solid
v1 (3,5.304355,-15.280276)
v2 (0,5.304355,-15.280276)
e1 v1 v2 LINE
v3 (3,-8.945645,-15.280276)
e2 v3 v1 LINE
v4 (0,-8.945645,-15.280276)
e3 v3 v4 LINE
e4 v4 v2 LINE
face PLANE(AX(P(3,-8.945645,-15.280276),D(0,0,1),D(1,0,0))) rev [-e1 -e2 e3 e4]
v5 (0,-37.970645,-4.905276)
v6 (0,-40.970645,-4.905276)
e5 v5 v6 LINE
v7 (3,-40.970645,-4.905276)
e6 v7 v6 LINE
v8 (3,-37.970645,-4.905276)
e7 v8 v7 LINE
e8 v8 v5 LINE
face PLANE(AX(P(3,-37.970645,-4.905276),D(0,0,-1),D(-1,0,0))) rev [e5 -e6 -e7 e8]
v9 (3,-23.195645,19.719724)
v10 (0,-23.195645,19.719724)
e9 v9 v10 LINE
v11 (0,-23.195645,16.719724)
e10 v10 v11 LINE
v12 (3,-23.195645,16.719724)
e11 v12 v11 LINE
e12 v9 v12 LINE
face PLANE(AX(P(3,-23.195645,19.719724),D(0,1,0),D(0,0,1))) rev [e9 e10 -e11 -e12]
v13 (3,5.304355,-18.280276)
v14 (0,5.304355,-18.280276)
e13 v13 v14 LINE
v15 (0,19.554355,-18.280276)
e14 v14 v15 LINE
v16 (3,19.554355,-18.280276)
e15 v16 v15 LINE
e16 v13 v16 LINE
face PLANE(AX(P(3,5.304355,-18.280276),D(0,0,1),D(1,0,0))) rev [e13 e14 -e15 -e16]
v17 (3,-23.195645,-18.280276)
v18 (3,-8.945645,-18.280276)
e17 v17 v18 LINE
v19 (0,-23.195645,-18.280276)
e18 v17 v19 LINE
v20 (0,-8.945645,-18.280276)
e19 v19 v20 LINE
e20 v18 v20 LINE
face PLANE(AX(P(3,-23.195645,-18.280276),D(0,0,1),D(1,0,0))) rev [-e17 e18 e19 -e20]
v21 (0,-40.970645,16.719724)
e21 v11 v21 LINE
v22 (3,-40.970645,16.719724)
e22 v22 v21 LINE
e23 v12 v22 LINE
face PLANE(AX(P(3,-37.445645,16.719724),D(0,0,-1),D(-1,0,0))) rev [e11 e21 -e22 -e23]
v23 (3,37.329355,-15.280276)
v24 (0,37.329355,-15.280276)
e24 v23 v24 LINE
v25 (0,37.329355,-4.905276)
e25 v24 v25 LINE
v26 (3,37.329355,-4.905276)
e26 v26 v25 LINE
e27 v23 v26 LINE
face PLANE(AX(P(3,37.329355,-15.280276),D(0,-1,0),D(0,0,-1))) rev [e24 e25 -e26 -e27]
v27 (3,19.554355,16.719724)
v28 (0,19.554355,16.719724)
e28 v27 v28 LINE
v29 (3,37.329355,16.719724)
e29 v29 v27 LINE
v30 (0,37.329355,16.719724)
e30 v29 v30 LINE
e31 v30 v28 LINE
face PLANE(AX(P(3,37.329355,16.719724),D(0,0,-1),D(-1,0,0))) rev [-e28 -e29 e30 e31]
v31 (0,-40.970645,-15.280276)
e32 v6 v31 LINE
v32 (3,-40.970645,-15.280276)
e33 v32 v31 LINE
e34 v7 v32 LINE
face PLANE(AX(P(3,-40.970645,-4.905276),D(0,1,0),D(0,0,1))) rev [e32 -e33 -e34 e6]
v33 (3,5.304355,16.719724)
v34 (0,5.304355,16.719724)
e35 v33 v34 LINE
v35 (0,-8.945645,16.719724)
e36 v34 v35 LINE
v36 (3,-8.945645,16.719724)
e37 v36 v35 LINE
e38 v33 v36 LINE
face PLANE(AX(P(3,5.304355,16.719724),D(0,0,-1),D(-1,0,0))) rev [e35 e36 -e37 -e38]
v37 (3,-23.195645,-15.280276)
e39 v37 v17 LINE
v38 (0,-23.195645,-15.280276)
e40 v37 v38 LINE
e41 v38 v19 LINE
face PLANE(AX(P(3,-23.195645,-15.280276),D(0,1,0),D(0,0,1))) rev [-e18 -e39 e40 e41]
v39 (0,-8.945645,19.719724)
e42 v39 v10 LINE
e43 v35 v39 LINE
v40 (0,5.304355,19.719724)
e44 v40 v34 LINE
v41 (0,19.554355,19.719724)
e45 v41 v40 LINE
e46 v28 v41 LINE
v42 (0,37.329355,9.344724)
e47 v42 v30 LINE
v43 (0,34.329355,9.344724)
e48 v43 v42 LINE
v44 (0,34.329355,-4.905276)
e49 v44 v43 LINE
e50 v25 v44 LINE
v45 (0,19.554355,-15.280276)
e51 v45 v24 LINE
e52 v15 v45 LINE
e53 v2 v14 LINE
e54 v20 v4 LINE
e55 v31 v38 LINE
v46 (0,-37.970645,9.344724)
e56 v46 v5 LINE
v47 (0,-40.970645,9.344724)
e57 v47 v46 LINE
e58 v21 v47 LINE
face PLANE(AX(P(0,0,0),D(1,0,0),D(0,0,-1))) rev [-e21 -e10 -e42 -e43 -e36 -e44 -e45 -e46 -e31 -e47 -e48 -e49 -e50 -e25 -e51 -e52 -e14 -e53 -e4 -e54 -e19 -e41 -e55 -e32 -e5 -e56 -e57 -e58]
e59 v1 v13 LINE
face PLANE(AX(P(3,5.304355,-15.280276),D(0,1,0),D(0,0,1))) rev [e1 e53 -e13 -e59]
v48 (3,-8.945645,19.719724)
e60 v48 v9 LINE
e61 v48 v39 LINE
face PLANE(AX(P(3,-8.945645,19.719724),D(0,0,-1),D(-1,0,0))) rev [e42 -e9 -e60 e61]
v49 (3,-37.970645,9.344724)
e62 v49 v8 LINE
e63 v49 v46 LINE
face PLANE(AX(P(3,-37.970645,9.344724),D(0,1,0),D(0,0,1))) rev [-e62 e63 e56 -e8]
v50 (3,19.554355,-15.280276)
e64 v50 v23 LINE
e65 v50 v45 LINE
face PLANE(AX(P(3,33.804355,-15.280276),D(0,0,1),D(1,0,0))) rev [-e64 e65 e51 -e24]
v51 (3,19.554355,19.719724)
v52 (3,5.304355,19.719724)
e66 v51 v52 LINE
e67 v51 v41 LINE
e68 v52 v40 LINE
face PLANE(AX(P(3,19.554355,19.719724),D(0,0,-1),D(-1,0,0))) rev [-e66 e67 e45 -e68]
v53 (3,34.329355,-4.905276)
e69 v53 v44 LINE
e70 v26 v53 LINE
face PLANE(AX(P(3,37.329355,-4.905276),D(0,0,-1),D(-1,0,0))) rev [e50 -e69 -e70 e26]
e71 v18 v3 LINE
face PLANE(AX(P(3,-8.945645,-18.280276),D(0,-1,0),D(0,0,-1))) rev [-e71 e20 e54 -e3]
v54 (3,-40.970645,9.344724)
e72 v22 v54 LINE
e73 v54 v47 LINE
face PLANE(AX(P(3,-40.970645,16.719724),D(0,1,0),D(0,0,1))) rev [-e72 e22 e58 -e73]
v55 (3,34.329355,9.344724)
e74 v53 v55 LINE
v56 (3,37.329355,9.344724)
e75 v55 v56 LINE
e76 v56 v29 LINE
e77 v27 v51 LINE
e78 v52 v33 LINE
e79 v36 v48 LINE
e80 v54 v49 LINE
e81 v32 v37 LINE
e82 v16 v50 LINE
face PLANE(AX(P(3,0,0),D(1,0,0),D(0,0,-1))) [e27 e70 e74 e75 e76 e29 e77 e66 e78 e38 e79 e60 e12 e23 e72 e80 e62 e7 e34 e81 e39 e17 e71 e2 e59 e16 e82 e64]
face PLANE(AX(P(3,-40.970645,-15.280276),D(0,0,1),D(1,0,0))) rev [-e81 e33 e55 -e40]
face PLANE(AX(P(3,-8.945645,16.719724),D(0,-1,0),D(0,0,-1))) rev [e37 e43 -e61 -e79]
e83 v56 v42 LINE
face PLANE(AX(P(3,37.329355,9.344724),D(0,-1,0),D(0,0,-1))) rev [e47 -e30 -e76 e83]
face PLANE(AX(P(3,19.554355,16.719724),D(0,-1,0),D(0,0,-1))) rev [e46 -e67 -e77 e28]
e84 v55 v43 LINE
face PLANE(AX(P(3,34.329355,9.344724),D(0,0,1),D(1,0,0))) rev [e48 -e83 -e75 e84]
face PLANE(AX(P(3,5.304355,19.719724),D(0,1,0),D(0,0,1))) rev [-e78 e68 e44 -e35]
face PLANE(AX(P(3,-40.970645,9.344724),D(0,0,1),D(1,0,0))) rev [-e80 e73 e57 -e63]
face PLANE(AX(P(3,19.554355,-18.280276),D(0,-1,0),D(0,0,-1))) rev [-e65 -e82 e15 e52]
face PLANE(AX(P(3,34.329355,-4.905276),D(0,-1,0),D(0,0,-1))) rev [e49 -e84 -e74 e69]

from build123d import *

# Parameters (mm, degrees)
BOSS_EXTRUDE1_DEPTH = 3


with BuildPart() as part:
    # Sketch1 → Boss-Extrude1 (new body)
    with BuildSketch(Plane(origin=(0, 0, 0), x_dir=(0, 0, -1), z_dir=(1, 0, 0))):
        Polygon((-16.71972375, 37.329355417), (-16.71972375, 19.554355417), (-19.71972375, 19.554355417), (-19.71972375, 5.304355417), (-16.71972375, 5.304355417), (-16.71972375, -8.945644583), (-19.71972375, -8.945644583), (-19.71972375, -23.195644583), (-16.71972375, -23.195644583), (-16.71972375, -37.445644583), (-16.71972375, -40.970644583), (-9.34472375, -40.970644583), (-9.34472375, -37.970644583), (4.90527625, -37.970644583), (4.90527625, -40.970644583), (15.28027625, -40.970644583), (15.28027625, -23.195644583), (18.28027625, -23.195644583), (18.28027625, -8.945644583), (15.28027625, -8.945644583), (15.28027625, 5.304355417), (18.28027625, 5.304355417), (18.28027625, 19.554355417), (15.28027625, 19.554355417), (15.28027625, 33.804355417), (15.28027625, 37.329355417), (4.90527625, 37.329355417), (4.90527625, 34.329355417), (-9.34472375, 34.329355417), (-9.34472375, 37.329355417), align=None)
    extrude(amount=BOSS_EXTRUDE1_DEPTH)


solid = part.part
